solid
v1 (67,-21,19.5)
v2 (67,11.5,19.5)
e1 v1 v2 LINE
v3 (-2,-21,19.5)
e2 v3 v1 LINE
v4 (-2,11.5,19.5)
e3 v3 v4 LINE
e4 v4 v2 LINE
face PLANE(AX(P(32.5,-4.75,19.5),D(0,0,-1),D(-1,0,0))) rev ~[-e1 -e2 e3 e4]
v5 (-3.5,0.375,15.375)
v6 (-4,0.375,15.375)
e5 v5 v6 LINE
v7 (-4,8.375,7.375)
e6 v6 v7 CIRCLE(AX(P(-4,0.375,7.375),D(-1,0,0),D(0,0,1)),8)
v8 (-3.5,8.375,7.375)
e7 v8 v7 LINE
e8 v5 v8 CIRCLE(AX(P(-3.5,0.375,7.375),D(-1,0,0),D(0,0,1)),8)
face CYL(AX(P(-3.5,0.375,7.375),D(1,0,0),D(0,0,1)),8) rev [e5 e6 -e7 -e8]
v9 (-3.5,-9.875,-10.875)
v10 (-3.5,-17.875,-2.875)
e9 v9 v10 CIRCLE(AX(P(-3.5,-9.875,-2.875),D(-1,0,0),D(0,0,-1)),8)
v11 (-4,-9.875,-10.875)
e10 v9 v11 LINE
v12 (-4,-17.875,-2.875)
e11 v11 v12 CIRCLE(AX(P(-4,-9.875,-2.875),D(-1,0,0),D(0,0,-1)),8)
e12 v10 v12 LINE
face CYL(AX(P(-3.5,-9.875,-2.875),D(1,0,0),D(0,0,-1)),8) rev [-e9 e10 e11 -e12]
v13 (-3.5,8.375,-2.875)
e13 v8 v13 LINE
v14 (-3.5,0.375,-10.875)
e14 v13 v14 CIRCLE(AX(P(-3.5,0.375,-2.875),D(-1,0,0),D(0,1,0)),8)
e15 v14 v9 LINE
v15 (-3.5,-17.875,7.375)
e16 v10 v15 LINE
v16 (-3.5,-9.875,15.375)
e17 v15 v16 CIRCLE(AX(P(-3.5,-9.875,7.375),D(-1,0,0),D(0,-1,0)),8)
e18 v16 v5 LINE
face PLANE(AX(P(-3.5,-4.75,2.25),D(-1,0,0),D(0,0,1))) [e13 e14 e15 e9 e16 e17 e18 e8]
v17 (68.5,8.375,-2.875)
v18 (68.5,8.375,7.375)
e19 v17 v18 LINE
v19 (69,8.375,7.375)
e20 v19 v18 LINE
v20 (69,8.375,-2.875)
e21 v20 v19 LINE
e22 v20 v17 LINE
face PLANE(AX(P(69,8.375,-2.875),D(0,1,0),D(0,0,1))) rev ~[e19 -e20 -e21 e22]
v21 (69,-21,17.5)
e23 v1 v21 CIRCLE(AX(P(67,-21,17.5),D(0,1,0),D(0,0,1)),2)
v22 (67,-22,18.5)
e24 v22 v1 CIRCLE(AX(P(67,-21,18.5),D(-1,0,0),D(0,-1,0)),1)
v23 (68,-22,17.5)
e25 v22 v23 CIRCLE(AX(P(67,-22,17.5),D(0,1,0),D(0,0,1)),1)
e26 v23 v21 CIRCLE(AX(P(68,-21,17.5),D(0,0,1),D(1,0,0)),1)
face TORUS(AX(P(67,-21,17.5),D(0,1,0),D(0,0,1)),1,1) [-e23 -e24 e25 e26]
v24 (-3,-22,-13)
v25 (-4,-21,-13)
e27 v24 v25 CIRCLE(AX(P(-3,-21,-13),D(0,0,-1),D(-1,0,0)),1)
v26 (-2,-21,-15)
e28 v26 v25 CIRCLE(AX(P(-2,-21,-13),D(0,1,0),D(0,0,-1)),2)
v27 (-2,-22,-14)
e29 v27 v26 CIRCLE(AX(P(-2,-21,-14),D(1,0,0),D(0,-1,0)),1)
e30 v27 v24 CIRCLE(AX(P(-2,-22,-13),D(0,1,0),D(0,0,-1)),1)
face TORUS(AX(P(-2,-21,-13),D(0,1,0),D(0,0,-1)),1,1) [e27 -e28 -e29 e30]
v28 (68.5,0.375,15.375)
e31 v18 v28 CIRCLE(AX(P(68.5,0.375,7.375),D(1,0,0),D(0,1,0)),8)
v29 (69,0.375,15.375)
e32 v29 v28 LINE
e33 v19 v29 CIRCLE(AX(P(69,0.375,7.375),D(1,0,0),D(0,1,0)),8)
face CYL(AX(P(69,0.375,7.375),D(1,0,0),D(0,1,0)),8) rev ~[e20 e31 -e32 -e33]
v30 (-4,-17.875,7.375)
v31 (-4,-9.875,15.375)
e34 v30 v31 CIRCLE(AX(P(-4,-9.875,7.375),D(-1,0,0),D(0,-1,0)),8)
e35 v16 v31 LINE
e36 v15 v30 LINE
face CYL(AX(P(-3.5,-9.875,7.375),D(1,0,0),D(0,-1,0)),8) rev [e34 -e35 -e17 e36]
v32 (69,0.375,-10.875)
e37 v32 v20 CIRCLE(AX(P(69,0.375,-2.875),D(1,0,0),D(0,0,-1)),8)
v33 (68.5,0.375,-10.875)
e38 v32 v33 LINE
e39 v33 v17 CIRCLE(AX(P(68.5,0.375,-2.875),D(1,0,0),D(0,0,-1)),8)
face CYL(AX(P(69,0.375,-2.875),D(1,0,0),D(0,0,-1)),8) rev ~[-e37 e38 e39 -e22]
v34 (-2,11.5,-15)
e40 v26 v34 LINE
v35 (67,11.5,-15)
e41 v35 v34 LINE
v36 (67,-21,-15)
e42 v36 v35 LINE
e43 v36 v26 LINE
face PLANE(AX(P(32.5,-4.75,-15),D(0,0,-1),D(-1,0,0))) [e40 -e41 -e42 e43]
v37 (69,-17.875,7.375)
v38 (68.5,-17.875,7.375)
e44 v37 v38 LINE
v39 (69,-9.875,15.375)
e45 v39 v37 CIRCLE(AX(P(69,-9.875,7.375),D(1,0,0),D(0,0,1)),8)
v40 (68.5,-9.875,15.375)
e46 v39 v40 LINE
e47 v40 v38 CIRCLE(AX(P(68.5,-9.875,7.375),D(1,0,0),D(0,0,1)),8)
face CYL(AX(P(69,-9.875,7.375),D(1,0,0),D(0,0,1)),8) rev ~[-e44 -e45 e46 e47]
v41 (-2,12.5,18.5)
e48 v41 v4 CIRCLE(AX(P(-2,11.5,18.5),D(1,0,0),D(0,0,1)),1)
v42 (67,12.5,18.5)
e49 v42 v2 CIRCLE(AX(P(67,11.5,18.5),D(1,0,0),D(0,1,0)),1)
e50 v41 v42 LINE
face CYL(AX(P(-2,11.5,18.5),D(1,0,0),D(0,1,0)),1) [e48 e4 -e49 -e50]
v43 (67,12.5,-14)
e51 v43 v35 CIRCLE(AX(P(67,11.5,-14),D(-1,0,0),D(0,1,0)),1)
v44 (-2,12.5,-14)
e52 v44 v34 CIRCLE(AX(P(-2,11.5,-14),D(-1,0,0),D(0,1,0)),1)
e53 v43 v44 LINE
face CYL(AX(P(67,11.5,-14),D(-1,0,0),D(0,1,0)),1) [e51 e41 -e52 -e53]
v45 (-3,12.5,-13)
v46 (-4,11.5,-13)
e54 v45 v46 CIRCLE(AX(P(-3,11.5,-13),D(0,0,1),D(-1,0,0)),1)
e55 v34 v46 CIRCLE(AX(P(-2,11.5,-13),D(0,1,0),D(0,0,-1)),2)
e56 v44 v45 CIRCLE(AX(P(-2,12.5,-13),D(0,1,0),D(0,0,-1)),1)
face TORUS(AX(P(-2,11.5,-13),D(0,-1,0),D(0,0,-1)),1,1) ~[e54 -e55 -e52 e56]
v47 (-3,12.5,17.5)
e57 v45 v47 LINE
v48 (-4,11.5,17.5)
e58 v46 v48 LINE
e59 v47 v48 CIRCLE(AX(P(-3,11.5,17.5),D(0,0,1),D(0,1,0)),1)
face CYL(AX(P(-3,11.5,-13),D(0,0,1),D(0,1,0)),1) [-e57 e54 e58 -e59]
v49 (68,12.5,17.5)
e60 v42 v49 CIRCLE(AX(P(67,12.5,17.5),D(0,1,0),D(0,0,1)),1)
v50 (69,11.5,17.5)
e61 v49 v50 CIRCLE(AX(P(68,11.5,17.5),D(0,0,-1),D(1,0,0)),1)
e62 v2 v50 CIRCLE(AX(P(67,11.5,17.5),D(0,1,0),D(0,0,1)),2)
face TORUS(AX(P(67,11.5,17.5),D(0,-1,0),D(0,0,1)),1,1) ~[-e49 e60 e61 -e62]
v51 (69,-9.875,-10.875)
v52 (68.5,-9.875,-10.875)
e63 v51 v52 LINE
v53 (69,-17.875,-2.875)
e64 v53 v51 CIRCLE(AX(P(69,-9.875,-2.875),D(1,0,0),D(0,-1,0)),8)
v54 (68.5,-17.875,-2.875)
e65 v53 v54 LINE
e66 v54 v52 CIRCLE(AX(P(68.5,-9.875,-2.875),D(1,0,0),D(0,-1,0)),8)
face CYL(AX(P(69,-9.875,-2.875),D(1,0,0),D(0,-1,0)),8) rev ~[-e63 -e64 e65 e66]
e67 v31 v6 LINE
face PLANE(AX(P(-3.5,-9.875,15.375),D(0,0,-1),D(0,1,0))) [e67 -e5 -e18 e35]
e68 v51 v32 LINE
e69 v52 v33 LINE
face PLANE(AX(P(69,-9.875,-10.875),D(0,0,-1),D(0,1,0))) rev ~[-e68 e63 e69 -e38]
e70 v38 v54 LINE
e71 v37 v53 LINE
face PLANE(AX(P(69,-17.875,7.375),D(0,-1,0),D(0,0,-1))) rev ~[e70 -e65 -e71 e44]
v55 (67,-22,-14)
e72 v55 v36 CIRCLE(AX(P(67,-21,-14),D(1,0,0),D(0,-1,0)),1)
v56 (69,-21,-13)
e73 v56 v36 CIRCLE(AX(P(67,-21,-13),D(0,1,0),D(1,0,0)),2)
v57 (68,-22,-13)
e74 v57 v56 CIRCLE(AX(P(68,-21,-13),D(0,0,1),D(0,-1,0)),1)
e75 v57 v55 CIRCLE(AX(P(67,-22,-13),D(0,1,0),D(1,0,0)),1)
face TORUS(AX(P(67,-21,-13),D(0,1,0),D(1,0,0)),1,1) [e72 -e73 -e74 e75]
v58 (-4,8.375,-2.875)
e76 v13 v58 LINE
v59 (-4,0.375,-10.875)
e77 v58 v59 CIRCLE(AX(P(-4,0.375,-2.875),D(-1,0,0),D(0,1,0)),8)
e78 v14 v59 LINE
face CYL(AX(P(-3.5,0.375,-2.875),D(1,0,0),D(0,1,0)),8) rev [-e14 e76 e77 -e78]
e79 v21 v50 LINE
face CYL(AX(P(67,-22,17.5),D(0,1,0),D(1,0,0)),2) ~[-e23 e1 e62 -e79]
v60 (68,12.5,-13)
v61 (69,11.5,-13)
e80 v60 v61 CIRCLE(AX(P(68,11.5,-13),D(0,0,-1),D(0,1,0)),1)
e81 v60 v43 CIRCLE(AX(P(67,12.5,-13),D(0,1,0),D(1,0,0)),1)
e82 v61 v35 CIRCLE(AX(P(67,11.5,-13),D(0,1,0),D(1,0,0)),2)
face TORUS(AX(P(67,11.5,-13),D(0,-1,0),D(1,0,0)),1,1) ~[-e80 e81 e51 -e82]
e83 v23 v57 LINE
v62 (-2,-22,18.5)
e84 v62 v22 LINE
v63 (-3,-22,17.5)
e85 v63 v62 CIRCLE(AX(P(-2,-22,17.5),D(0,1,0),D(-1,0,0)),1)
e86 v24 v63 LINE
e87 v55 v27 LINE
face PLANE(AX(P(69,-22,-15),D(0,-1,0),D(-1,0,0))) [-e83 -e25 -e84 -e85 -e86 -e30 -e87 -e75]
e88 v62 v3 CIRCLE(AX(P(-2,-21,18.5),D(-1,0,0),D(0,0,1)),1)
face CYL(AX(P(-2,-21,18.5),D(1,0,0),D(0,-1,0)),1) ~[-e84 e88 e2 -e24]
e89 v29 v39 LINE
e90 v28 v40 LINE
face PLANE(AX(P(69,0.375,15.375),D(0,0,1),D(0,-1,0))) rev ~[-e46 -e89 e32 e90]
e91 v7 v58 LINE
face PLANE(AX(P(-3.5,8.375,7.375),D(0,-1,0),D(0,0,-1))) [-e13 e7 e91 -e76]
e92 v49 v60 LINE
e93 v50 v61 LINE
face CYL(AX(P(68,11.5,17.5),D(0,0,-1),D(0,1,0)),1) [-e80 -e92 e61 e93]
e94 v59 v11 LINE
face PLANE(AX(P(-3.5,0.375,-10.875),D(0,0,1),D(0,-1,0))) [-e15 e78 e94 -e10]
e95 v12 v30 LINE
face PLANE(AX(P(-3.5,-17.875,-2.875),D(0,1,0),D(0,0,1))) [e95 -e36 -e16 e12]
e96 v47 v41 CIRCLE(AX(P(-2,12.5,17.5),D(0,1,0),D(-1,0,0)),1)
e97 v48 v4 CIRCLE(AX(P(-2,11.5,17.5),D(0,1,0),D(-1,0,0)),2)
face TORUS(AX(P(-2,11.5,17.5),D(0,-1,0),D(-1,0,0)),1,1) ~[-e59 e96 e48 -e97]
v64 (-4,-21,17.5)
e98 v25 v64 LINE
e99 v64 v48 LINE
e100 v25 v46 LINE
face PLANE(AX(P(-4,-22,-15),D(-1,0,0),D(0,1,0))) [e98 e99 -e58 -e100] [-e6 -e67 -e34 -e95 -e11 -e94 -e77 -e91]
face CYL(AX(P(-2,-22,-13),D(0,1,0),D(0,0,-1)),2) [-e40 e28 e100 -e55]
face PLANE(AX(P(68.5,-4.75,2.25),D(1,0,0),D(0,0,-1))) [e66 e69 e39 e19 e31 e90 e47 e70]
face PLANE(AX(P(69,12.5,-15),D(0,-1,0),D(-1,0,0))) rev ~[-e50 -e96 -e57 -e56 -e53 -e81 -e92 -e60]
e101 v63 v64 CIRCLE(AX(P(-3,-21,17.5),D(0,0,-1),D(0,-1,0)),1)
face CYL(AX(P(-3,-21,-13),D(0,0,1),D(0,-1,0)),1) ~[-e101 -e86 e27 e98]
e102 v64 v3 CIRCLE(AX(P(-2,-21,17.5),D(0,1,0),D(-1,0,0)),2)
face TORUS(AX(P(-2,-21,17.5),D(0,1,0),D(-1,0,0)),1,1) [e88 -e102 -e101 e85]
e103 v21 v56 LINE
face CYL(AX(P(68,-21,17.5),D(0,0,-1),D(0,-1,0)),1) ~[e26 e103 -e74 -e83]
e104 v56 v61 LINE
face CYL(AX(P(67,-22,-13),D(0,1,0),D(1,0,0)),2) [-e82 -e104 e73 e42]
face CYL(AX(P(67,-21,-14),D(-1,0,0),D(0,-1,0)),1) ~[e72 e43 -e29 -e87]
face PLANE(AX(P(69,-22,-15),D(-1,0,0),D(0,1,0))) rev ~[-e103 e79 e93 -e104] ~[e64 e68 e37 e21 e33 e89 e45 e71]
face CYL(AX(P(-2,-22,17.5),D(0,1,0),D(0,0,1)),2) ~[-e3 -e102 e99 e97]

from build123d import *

# Parameters (mm, degrees)
SKETCH1_W           = 73
SKETCH1_H           = 34.5
BOSS_EXTRUDE1_DEPTH = 34.5
CUT_EXTRUDE1_DEPTH  = 0.5
CUT_EXTRUDE2_START  = -0.5
CUT_EXTRUDE2_DEPTH  = 0.5
FILLET1_R           = 2
FILLET2_R           = 1


with BuildPart() as part:
    # Sketch1 → Boss-Extrude1 (new body)
    with BuildSketch(Plane(origin=(0, 0, -15), x_dir=(-1, 0, 0), z_dir=(0, 0, -1))):
        with Locations((-32.5, -4.75)):
            Rectangle(SKETCH1_W, SKETCH1_H)
    extrude(amount=-BOSS_EXTRUDE1_DEPTH)

    # Sketch2 → Cut-Extrude1 (cut)
    with BuildSketch(Plane(origin=(69, 0, 0), x_dir=(0, 0, -1), z_dir=(1, 0, 0))):
        with BuildLine():
            Line((-15.375, 0.375), (-15.375, -9.875))
            ThreePointArc((-15.375, -9.875), (-13.031854249, -15.531854249), (-7.375, -17.875))
            Line((-7.375, -17.875), (2.875, -17.875))
            ThreePointArc((2.875, -17.875), (8.531854249, -15.531854249), (10.875, -9.875))
            Line((10.875, -9.875), (10.875, 0.375))
            ThreePointArc((10.875, 0.375), (8.531854249, 6.031854249), (2.875, 8.375))
            Line((2.875, 8.375), (-7.375, 8.375))
            ThreePointArc((-7.375, 8.375), (-13.031854249, 6.031854249), (-15.375, 0.375))
        make_face()
    extrude(amount=-CUT_EXTRUDE1_DEPTH, mode=Mode.SUBTRACT)

    # Sketch3 → Cut-Extrude2 (cut)
    with BuildSketch(Plane.ZY.offset(4).offset(CUT_EXTRUDE2_START)):
        with BuildLine():
            Line((7.375, 8.375), (-2.875, 8.375))
            ThreePointArc((-2.875, 8.375), (-8.531854249, 6.031854249), (-10.875, 0.375))
            Line((-10.875, 0.375), (-10.875, -9.875))
            ThreePointArc((-10.875, -9.875), (-8.531854249, -15.531854249), (-2.875, -17.875))
            Line((-2.875, -17.875), (7.375, -17.875))
            ThreePointArc((7.375, -17.875), (13.031854249, -15.531854249), (15.375, -9.875))
            Line((15.375, -9.875), (15.375, 0.375))
            ThreePointArc((15.375, 0.375), (13.031854249, 6.031854249), (7.375, 8.375))
        make_face()
    extrude(amount=CUT_EXTRUDE2_DEPTH, mode=Mode.SUBTRACT)

    # Fillet1
    fillet1_edges = [part.edges().sort_by_distance(p)[0] for p in [
        (-4, -4.75, 19.5),
        (69, -4.75, 19.5),
        (-4, -4.75, -15),
        (69, -4.75, -15),
    ]]
    fillet(fillet1_edges, radius=FILLET1_R)

    # Fillet2
    fillet2_edges = [part.edges().sort_by_distance(p)[0] for p in [
        (32.5, -22, -15),
        (32.5, 12.5, -15),
        (-4, 12.5, 2.25),
        (32.5, 12.5, 19.5),
        (69, 12.5, 2.25),
        (68.414213562, 12.5, 18.914213562),
        (68.414213562, 12.5, -14.414213562),
        (-3.414213562, 12.5, 18.914213562),
        (-3.414213562, 12.5, -14.414213562),
        (-4, -22, 2.25),
        (69, -22, 2.25),
        (32.5, -22, 19.5),
        (68.414213562, -22, 18.914213562),
        (68.414213562, -22, -14.414213562),
        (-3.414213562, -22, 18.914213562),
        (-3.414213562, -22, -14.414213562),
    ]]
    fillet(fillet2_edges, radius=FILLET2_R)


solid = part.part
